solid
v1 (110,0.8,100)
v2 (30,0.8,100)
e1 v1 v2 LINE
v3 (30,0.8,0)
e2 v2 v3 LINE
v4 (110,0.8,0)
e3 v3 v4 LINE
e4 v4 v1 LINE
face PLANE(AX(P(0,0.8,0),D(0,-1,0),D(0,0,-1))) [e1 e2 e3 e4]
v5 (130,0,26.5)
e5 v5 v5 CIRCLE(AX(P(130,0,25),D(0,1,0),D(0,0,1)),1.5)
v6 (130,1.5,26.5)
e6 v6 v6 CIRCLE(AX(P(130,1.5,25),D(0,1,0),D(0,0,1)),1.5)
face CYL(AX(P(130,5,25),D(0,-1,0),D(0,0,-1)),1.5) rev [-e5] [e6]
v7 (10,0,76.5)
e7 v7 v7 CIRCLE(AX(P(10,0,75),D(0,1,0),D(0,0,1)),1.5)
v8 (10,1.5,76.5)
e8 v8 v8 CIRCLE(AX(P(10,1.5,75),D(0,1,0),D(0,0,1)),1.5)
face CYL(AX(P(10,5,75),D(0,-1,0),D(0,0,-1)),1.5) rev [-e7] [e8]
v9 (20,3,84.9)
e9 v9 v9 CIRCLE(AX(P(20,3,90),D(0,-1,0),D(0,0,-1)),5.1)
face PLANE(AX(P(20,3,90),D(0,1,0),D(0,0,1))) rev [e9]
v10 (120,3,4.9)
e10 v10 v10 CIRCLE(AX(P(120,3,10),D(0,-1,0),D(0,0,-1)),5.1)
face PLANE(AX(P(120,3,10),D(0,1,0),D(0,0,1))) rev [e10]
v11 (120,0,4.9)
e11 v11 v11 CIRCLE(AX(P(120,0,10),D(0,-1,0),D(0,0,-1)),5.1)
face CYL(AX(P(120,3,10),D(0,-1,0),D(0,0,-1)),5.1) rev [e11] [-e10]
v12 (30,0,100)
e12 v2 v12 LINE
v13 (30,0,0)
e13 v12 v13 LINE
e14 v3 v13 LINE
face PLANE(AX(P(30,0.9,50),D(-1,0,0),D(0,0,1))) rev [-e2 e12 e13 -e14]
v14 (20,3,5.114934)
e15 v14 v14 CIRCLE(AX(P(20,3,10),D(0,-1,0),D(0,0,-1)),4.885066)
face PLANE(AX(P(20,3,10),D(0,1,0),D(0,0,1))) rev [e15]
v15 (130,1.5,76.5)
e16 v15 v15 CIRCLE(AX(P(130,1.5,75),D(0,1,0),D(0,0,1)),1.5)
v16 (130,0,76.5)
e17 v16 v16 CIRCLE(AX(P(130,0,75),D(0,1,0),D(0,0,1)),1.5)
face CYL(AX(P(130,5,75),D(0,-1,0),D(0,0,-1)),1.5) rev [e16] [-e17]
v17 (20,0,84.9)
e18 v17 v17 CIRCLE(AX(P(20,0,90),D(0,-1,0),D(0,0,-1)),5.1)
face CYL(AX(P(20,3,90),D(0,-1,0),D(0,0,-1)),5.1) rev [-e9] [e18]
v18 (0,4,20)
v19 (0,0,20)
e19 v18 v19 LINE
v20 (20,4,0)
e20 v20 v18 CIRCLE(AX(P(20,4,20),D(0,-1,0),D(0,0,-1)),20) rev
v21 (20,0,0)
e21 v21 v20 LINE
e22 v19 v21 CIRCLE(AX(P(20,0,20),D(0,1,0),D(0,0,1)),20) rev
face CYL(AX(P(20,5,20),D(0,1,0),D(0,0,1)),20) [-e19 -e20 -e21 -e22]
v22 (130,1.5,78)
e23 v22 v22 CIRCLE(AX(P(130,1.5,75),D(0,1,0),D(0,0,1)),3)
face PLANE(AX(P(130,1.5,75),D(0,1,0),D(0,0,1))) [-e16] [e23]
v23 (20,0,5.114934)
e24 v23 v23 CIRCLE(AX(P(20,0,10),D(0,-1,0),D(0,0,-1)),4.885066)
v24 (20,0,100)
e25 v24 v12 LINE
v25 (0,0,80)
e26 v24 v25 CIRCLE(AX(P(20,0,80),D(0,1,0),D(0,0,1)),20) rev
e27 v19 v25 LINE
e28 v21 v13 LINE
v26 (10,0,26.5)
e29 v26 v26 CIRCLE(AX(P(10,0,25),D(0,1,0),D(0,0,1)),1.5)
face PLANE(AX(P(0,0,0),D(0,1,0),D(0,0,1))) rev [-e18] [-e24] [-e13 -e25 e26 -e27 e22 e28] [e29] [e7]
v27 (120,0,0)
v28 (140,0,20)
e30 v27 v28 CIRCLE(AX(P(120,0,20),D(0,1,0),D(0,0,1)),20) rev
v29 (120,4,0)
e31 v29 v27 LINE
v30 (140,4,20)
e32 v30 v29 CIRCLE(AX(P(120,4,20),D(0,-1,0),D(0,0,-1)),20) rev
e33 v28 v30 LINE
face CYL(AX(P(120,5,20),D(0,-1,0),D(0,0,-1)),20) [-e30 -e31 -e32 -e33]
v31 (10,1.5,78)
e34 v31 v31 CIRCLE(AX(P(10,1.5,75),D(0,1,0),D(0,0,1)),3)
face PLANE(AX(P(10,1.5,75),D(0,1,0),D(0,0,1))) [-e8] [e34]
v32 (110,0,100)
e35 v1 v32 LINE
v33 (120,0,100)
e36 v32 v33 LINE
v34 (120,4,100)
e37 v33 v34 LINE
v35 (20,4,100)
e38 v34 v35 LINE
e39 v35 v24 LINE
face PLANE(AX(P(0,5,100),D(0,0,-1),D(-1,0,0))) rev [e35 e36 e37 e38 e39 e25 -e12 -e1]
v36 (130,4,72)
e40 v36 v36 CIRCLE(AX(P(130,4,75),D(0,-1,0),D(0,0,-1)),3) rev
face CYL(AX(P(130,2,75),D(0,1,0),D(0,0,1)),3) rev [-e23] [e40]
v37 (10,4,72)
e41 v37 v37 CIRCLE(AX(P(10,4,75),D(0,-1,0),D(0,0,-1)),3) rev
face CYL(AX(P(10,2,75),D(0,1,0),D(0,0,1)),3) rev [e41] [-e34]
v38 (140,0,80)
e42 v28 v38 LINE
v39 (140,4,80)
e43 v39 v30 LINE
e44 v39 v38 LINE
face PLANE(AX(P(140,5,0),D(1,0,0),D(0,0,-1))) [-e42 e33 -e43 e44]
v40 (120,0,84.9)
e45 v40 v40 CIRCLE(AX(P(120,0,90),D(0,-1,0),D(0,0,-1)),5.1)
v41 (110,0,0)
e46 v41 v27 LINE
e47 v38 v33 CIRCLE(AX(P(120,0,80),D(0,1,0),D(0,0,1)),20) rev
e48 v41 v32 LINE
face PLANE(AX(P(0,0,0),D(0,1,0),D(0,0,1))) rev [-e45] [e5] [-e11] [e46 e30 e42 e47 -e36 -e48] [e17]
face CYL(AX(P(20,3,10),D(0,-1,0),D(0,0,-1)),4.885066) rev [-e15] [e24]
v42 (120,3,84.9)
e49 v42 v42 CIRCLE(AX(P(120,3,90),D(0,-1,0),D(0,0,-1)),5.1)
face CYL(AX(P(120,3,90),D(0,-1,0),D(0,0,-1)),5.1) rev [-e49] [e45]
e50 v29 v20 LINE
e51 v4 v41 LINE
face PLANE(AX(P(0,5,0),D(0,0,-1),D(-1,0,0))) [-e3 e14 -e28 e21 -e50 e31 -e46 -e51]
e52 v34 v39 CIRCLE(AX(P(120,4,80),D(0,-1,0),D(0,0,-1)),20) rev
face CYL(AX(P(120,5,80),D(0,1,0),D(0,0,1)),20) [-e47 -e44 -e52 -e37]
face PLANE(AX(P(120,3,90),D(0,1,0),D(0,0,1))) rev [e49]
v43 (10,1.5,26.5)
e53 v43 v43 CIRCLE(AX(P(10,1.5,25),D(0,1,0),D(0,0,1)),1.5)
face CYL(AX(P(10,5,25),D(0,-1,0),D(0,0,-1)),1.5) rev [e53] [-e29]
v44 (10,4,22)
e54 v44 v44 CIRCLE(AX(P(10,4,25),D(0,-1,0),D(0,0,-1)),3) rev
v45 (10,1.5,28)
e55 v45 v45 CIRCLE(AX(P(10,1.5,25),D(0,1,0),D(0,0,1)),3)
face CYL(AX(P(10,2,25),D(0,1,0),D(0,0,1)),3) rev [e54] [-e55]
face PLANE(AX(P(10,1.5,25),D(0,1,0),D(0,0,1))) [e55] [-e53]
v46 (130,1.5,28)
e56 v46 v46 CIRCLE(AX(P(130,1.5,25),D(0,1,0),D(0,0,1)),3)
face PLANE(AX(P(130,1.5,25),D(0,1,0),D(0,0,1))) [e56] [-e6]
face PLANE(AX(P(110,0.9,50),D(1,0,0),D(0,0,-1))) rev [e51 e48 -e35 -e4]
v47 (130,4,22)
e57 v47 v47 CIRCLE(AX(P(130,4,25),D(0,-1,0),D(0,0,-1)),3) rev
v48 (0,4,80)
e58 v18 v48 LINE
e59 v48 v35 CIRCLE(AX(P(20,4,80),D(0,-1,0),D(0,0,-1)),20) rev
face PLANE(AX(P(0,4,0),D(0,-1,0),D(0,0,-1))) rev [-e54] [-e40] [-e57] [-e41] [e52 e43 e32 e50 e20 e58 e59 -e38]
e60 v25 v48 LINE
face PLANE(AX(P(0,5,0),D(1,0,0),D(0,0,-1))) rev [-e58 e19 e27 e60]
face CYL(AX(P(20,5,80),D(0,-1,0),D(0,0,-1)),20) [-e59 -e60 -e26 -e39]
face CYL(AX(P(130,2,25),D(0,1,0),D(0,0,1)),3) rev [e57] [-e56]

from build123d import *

# Parameters (mm, degrees)
SKETCH_2_W          = 140
SKETCH_2_H          = 100
SKETCH_2_R          = 1.5
EXTRUDE_1_DEPTH     = 5
FILLET_1_R          = 20
SKETCH_3_R          = 3
CUT_EXTRUDE_1_DEPTH = 3
CUT_EXTRUDE_2_DEPTH = 0.9
SKETCH_5_R          = 2.5
CUT_EXTRUDE_3_DEPTH = 4
SKETCH_6_W          = 157.651833544
SKETCH_6_H          = 102.032930916
CUT_EXTRUDE_4_DEPTH = 1
EXTRUDE_START       = -1
SKETCH_7_R          = 2.5
EXTRUDE_2_DEPTH     = 1
SKETCH_8_R          = 3
CUT_EXTRUDE_5_DEPTH = 0.5
SKETCH_9_R          = 5.1
SKETCH_9_R_2        = 4.885066143
CUT_EXTRUDE_6_DEPTH = 3
SKETCH_10_W         = 80
SKETCH_10_H         = 100
EXTRUDE_3_DEPTH     = 0.1


with BuildPart() as part:
    # 草图2 → 凸台-拉伸1 (new body)
    with BuildSketch(Plane(origin=(0, 0, 0), x_dir=(1, 0, 0), z_dir=(0, 1, 0))):
        with Locations((70, -50)):
            Rectangle(SKETCH_2_W, SKETCH_2_H)
        with Locations(Location((10, -25, 0), (0, 0, 270))):
            Circle(SKETCH_2_R, mode=Mode.SUBTRACT)
        with Locations(Location((10, -75, 0), (0, 0, 270))):
            Circle(SKETCH_2_R, mode=Mode.SUBTRACT)
        with Locations(Location((130, -75, 0), (0, 0, 270))):
            Circle(SKETCH_2_R, mode=Mode.SUBTRACT)
        with Locations(Location((130, -25, 0), (0, 0, 270))):
            Circle(SKETCH_2_R, mode=Mode.SUBTRACT)
    extrude(amount=EXTRUDE_1_DEPTH)

    # 圆角1
    fillet_1_edges = [part.edges().sort_by_distance(p)[0] for p in [
        (140, 2.5, 100),
        (0, 2.5, 100),
        (0, 2.5, 0),
        (140, 2.5, 0),
    ]]
    fillet(fillet_1_edges, radius=FILLET_1_R)

    # 草图3 → 切除-拉伸1 (cut)
    with BuildSketch(Plane(origin=(0, 5, 0), x_dir=(1, 0, 0), z_dir=(0, 1, 0))):
        with Locations(Location((10, -25, 0), (0, 0, 270))):
            Circle(SKETCH_3_R)
        with Locations(Location((10, -75, 0), (0, 0, 270))):
            Circle(SKETCH_3_R)
        with Locations(Location((130, -25, 0), (0, 0, 270))):
            Circle(SKETCH_3_R)
        with Locations(Location((130, -75, 0), (0, 0, 270))):
            Circle(SKETCH_3_R)
    extrude(amount=-CUT_EXTRUDE_1_DEPTH, mode=Mode.SUBTRACT)

    # 草图4 → 切除-拉伸2 (cut)
    with BuildSketch(Plane.XZ):
        Polygon((30, 100), (110, 100), (110, 50), (110, 0), (30, 0), (30, 50), align=None)
    extrude(amount=-CUT_EXTRUDE_2_DEPTH, mode=Mode.SUBTRACT)

    # 草图5 → 切除-拉伸3 (cut)
    with BuildSketch(Plane.XZ):
        with Locations(Location((20, 90, 0), (0, 0, 270))):
            Circle(SKETCH_5_R)
        with Locations(Location((120, 90, 0), (0, 0, 270))):
            Circle(SKETCH_5_R)
        with Locations(Location((120, 10, 0), (0, 0, 270))):
            Circle(SKETCH_5_R)
        with Locations(Location((20, 10, 0), (0, 0, 270))):
            Circle(SKETCH_5_R)
    extrude(amount=-CUT_EXTRUDE_3_DEPTH, mode=Mode.SUBTRACT)

    # 草图6 → 切除-拉伸4 (cut)
    with BuildSketch(Plane(origin=(0, 5, 0), x_dir=(1, 0, 0), z_dir=(0, 1, 0))):
        with Locations((78.825916772, -51.016465458)):
            Rectangle(SKETCH_6_W, SKETCH_6_H)
    extrude(amount=-CUT_EXTRUDE_4_DEPTH, mode=Mode.SUBTRACT)

    # 草图7 → 凸台-拉伸2 (add)
    with BuildSketch(Plane(origin=(0, 4, 0), x_dir=(1, 0, 0), z_dir=(0, 1, 0)).offset(EXTRUDE_START)):
        with Locations(Location((20, -10, 0), (0, 0, 90))):
            Circle(SKETCH_7_R)
        with Locations(Location((120, -10, 0), (0, 0, 90))):
            Circle(SKETCH_7_R)
        with Locations(Location((120, -90, 0), (0, 0, 90))):
            Circle(SKETCH_7_R)
        with Locations(Location((20, -90, 0), (0, 0, 90))):
            Circle(SKETCH_7_R)
    extrude(amount=EXTRUDE_2_DEPTH)

    # 草图8 → 切除-拉伸5 (cut)
    with BuildSketch(Plane(origin=(0, 2, 0), x_dir=(1, 0, 0), z_dir=(0, 1, 0))):
        with Locations(Location((10, -25, 0), (0, 0, 270))):
            Circle(SKETCH_8_R)
        with Locations(Location((10, -75, 0), (0, 0, 270))):
            Circle(SKETCH_8_R)
        with Locations(Location((130, -75, 0), (0, 0, 270))):
            Circle(SKETCH_8_R)
        with Locations(Location((130, -25, 0), (0, 0, 270))):
            Circle(SKETCH_8_R)
    extrude(amount=-CUT_EXTRUDE_5_DEPTH, mode=Mode.SUBTRACT)

    # 草图9 → 切除-拉伸6 (cut)
    with BuildSketch(Plane.XZ):
        with Locations(Location((20, 90, 0), (0, 0, 270))):
            Circle(SKETCH_9_R)
        with Locations(Location((120, 90, 0), (0, 0, 270))):
            Circle(SKETCH_9_R)
        with Locations(Location((20, 10, 0), (0, 0, 270))):
            Circle(SKETCH_9_R_2)
        with Locations(Location((120, 10, 0), (0, 0, 270))):
            Circle(SKETCH_9_R)
    extrude(amount=-CUT_EXTRUDE_6_DEPTH, mode=Mode.SUBTRACT)

    # 草图10 → 凸台-拉伸3 (add)
    with BuildSketch(Plane.XZ.offset(-0.9)):
        with Locations((70, 50)):
            Rectangle(SKETCH_10_W, SKETCH_10_H)
    extrude(amount=EXTRUDE_3_DEPTH)


solid = part.part
